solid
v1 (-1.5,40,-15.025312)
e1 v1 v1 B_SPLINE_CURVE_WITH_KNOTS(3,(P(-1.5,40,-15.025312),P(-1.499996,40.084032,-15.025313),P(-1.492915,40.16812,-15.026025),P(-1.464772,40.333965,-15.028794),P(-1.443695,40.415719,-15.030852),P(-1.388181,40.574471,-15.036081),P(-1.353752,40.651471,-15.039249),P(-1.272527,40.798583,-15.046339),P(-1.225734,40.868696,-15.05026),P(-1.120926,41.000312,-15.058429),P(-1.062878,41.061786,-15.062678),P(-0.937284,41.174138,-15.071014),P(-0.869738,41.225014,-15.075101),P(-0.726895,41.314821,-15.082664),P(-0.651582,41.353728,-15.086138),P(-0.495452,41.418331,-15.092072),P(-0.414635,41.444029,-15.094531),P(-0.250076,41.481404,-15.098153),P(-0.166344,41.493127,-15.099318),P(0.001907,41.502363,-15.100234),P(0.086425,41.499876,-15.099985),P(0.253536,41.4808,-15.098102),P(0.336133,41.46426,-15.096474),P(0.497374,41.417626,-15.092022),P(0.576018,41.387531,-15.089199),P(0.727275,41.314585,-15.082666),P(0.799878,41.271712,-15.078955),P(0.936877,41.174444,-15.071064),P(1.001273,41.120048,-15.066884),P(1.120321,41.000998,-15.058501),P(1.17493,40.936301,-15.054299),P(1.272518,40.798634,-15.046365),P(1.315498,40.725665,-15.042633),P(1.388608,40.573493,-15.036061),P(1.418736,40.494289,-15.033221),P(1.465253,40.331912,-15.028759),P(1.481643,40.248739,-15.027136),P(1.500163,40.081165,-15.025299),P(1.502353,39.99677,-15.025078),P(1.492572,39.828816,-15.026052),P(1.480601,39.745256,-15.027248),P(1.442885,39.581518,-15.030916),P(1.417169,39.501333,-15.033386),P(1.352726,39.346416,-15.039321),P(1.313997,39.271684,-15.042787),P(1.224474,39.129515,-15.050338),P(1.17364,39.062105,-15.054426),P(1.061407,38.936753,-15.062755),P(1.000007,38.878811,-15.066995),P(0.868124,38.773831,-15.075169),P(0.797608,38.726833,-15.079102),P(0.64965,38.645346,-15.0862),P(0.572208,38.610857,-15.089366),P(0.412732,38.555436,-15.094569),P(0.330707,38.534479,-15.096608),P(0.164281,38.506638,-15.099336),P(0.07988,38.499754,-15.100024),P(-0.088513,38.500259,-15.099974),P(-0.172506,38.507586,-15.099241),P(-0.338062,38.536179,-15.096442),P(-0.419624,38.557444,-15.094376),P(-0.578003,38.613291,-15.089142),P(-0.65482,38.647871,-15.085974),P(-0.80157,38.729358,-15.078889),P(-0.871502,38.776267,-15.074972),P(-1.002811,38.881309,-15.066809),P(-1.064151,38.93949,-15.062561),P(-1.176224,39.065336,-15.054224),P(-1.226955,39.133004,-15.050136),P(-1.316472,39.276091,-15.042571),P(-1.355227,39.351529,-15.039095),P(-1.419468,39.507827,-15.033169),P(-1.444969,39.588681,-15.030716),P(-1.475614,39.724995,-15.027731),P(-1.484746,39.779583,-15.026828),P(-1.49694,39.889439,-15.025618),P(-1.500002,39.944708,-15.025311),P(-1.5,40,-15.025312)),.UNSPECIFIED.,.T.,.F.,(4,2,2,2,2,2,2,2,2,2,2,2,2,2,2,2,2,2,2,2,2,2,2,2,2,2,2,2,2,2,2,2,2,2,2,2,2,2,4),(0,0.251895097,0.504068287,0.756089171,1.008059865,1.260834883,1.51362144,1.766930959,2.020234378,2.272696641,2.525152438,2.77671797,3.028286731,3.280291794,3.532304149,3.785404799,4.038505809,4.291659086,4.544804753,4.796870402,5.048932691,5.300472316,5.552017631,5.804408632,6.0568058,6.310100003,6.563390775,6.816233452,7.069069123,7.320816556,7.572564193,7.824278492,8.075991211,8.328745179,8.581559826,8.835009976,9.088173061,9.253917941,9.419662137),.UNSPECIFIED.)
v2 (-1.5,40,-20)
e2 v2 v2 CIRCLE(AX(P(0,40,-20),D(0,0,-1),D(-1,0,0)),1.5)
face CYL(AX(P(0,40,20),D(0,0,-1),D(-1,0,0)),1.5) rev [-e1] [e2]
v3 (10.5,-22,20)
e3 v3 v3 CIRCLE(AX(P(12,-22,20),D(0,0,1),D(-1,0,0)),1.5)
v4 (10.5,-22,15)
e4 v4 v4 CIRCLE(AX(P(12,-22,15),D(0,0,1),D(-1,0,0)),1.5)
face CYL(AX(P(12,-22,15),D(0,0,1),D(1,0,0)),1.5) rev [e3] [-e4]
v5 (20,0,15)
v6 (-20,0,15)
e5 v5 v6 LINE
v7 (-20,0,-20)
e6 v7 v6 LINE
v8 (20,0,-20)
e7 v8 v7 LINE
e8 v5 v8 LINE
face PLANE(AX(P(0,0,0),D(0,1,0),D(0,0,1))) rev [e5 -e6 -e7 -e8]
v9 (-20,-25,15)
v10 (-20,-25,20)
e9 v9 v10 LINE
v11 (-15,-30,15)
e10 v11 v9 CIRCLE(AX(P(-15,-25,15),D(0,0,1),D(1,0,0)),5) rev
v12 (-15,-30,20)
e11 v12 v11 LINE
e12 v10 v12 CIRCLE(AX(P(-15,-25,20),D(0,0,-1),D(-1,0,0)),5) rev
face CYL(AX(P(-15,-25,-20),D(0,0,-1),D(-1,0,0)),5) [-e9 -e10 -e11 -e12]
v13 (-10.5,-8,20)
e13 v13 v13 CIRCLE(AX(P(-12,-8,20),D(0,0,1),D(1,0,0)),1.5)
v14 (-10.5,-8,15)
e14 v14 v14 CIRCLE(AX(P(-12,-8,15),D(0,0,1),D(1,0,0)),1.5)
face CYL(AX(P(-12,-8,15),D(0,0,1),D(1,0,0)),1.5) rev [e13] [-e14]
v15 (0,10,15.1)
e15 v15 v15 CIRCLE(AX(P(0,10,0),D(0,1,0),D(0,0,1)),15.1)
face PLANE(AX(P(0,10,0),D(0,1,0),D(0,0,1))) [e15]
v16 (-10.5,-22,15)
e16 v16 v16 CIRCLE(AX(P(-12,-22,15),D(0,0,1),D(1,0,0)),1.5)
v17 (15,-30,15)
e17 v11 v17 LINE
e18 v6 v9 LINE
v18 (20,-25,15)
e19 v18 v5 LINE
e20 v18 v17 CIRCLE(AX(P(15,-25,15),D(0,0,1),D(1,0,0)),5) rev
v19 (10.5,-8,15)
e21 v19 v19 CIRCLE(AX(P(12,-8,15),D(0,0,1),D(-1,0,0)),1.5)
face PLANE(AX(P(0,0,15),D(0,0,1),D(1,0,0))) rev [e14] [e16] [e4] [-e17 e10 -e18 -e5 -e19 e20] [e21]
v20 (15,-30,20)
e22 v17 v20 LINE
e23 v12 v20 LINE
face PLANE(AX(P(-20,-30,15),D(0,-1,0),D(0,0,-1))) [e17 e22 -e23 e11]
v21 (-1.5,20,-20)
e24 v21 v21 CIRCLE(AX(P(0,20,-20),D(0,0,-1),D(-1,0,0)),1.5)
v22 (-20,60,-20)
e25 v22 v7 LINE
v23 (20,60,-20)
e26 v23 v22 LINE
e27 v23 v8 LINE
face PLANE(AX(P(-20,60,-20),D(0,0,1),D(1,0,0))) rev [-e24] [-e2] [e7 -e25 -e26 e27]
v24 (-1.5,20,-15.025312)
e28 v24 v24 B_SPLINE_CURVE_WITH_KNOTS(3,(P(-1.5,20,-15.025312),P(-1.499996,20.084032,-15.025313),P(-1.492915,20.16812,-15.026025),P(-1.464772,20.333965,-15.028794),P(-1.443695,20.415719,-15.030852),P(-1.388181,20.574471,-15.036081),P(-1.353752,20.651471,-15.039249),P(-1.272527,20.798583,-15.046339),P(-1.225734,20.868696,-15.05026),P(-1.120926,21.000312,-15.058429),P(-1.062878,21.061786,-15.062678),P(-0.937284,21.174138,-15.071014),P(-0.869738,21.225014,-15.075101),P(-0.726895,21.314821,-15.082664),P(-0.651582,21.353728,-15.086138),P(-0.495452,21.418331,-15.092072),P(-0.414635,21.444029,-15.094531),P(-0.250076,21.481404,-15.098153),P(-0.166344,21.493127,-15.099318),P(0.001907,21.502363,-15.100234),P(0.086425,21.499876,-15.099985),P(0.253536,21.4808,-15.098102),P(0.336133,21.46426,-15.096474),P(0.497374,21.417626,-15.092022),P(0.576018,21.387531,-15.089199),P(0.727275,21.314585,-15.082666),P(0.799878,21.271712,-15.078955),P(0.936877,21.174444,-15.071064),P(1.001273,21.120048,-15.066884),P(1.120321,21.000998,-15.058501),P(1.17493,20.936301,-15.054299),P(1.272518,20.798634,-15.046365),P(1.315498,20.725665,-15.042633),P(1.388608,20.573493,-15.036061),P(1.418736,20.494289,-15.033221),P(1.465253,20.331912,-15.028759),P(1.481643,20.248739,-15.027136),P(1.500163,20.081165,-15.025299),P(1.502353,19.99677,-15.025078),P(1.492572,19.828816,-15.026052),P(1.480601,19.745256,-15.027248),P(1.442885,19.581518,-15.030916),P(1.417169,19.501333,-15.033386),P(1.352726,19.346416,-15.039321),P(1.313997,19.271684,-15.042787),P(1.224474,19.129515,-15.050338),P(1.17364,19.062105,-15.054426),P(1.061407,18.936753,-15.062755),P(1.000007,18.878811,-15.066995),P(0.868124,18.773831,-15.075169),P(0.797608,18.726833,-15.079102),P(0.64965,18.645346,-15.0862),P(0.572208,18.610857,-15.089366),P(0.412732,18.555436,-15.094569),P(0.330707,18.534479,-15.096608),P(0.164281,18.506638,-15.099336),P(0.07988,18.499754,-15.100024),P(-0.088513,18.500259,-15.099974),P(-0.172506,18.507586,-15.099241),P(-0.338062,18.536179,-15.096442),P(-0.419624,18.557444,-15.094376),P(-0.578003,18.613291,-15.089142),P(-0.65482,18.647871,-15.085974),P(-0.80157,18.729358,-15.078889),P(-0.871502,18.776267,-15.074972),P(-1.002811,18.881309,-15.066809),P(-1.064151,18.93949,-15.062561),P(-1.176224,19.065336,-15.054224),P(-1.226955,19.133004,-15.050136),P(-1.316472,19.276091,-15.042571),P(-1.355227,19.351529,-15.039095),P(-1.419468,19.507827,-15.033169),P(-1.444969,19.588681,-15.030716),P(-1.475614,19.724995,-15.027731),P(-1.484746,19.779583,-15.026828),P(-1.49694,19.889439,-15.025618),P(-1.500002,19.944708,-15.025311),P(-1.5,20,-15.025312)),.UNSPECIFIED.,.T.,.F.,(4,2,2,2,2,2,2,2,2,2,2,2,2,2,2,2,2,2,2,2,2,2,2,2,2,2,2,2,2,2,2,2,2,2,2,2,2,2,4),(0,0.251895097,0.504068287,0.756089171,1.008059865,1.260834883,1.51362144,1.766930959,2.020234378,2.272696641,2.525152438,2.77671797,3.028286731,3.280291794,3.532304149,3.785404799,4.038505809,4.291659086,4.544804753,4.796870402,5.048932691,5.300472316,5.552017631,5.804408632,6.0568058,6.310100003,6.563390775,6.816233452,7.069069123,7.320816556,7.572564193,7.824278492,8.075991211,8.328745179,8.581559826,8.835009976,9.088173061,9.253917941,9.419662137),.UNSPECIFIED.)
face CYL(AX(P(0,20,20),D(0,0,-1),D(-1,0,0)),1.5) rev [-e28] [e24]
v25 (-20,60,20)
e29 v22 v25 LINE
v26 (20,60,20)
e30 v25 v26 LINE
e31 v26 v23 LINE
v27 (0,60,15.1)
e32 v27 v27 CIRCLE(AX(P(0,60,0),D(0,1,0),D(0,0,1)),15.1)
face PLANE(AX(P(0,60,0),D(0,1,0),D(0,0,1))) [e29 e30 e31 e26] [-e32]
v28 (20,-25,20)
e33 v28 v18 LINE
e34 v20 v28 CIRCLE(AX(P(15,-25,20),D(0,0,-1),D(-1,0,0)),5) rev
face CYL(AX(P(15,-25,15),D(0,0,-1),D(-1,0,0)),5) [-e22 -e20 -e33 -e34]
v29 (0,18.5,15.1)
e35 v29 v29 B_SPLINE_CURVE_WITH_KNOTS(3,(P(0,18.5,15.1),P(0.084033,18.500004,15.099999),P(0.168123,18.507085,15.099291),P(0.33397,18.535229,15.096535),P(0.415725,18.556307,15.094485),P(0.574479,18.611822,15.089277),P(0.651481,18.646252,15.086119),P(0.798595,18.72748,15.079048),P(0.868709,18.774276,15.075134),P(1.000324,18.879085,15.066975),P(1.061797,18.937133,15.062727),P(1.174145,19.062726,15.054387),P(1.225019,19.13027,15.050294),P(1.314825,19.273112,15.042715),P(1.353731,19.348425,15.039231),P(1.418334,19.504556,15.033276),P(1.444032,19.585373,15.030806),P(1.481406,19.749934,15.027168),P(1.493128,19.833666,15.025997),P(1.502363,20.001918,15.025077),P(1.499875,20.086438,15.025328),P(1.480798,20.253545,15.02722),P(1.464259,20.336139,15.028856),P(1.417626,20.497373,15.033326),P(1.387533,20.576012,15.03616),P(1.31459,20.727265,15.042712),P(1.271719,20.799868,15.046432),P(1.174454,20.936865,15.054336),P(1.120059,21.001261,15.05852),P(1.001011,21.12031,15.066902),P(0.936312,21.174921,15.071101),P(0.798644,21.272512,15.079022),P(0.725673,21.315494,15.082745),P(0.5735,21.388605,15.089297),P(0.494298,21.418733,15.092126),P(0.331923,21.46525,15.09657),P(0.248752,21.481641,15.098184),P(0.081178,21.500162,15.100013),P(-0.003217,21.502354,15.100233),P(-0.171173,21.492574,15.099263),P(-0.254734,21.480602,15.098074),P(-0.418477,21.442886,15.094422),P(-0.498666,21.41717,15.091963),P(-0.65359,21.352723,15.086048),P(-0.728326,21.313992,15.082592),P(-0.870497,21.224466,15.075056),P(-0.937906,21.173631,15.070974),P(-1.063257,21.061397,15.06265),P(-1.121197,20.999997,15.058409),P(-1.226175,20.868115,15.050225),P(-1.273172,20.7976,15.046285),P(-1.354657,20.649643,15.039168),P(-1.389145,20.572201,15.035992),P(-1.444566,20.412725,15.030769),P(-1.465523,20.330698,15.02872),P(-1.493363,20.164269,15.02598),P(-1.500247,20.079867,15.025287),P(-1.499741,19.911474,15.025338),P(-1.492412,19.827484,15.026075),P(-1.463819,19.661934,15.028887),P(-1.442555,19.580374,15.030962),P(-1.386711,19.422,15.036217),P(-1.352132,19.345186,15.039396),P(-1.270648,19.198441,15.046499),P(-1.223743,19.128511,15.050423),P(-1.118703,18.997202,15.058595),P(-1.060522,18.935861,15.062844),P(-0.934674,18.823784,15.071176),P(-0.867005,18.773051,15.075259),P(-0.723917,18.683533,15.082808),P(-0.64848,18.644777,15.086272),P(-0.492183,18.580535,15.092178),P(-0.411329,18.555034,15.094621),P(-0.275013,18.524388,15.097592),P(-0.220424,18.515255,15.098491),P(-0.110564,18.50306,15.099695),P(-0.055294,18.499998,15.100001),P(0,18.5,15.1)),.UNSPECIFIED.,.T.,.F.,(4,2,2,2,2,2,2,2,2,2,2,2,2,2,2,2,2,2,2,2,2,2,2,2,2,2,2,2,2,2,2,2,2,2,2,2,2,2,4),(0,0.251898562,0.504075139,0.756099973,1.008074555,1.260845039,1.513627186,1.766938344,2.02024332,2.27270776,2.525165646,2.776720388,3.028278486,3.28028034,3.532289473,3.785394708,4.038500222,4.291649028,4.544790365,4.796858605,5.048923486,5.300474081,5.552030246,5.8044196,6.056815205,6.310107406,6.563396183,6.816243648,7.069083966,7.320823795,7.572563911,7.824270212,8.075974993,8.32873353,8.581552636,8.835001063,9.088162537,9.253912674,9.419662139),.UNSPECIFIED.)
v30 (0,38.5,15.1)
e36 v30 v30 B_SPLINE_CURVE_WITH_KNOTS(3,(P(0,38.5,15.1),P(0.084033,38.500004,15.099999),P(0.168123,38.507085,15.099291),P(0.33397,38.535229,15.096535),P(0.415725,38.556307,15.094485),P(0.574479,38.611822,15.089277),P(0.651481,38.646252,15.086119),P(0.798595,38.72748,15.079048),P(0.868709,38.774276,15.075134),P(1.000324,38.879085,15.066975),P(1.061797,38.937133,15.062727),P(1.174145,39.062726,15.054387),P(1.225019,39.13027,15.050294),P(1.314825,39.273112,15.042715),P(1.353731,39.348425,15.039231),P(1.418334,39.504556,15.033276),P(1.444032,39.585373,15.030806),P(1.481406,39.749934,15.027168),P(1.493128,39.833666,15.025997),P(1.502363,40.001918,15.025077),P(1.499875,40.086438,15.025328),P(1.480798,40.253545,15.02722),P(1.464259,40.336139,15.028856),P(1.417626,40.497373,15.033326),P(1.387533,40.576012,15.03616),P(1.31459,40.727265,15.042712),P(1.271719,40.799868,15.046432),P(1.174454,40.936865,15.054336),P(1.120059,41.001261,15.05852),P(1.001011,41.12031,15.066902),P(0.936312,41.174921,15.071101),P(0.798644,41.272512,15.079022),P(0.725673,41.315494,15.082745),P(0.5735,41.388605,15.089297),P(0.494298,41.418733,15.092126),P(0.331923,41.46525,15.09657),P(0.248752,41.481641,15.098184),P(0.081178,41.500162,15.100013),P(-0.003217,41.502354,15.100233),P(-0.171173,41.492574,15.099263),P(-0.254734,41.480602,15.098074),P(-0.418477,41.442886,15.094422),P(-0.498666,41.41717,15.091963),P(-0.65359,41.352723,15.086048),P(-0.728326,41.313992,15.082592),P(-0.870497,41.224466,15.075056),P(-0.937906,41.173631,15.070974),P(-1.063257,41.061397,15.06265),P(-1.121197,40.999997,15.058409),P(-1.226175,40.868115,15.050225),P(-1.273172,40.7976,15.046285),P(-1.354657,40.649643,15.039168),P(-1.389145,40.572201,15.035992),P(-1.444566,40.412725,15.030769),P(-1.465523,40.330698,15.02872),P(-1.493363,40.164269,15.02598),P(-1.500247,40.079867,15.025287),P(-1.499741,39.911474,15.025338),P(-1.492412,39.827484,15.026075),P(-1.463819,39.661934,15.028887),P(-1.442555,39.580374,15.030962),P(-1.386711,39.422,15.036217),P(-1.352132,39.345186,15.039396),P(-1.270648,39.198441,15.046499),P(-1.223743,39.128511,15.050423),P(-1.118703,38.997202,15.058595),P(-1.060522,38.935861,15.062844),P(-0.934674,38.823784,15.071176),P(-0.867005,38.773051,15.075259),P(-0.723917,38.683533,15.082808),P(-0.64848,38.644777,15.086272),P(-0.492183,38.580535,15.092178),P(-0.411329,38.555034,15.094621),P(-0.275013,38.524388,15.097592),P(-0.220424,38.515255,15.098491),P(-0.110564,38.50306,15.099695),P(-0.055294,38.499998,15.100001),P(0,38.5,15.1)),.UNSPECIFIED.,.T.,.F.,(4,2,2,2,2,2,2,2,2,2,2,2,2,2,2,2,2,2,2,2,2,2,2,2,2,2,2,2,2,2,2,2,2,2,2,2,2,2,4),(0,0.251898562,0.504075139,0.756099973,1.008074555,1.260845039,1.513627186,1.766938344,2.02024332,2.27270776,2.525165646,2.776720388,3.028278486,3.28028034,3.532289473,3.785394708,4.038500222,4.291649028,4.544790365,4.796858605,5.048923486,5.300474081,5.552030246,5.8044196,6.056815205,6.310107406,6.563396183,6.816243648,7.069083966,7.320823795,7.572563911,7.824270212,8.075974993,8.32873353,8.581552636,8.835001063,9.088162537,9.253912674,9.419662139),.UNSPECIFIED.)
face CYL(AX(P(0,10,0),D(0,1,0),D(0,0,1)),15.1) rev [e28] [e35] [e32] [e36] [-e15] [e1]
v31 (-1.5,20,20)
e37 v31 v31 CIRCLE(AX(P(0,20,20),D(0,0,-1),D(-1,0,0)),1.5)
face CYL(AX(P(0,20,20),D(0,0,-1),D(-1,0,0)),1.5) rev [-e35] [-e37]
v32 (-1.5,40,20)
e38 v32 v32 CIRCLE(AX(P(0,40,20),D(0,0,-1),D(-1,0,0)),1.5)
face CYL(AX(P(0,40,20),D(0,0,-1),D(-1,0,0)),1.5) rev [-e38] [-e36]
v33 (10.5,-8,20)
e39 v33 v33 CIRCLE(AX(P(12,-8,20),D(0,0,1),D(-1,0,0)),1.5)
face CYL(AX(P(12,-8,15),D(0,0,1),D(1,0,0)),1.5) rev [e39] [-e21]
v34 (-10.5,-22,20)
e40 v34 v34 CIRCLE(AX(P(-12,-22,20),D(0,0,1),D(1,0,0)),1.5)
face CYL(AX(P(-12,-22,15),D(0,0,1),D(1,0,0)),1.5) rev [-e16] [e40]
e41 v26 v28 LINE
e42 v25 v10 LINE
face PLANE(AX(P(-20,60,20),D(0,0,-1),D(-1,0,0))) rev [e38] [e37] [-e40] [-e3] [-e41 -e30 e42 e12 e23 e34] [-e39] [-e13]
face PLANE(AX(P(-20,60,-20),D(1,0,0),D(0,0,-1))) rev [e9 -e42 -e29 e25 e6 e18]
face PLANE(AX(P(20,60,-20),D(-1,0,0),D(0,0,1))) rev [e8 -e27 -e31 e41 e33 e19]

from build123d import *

# Parameters (mm, degrees)
SKETCH_1_W             = 40
SKETCH_1_H             = 40
EXTRUDE_1_DEPTH        = 60
SKETCH_2_R             = 15.1
CUT_EXTRUDE_1_DEPTH    = 50
SKETCH_3_W             = 40
SKETCH_3_H             = 30
SKETCH_3_R             = 1.5
EXTRUDE_2_DEPTH        = 5
FILLET_1_R             = 5
SKETCH_4_R             = 1.5
CUT_EXTRUDE_2_DEPTH    = 75.833147735
PATTERN_LINEAR_1_COUNT = 2
PATTERN_LINEAR_1_PITCH = 20


with BuildPart() as part:
    # 草圖1 → 填料-伸長1 (new body)
    with BuildSketch(Plane(origin=(0, 0, 0), x_dir=(1, 0, 0), z_dir=(0, 1, 0))):
        Rectangle(SKETCH_1_W, SKETCH_1_H)
    extrude(amount=EXTRUDE_1_DEPTH)

    # 草圖2 → 除料-伸長1 (cut)
    with BuildSketch(Plane(origin=(0, 60, 0), x_dir=(1, 0, 0), z_dir=(0, 1, 0))):
        with Locations(Location((0, 0, 0), (0, 0, 270))):
            Circle(SKETCH_2_R)
    extrude(amount=-CUT_EXTRUDE_1_DEPTH, mode=Mode.SUBTRACT)

    # 草圖3 → 填料-伸長2 (add)
    with BuildSketch(Plane.XY.offset(20)):
        with Locations((0, -15)):
            Rectangle(SKETCH_3_W, SKETCH_3_H)
        with Locations((-12, -8)):
            Circle(SKETCH_3_R, mode=Mode.SUBTRACT)
        with Locations((-12, -22)):
            Circle(SKETCH_3_R, mode=Mode.SUBTRACT)
        with Locations(Location((12, -22, 0), (0, 0, 180))):
            Circle(SKETCH_3_R, mode=Mode.SUBTRACT)
        with Locations(Location((12, -8, 0), (0, 0, 180))):
            Circle(SKETCH_3_R, mode=Mode.SUBTRACT)
    extrude(amount=-EXTRUDE_2_DEPTH)

    # 圓角1
    fillet_1_edges = [part.edges().sort_by_distance(p)[0] for p in [
        (-20, -30, 17.5),
        (20, -30, 17.5),
    ]]
    fillet(fillet_1_edges, radius=FILLET_1_R)

    # 草圖4 → 除料-伸長2 (cut, through all)
    with BuildSketch(Plane(origin=(0, 0, -20), x_dir=(-1, 0, 0), z_dir=(0, 0, -1))):
        with Locations((0, 20)):
            Circle(SKETCH_4_R)
    cut_extrude_2 = extrude(amount=-CUT_EXTRUDE_2_DEPTH, mode=Mode.SUBTRACT)

    # 直線複製排列1: 除料-伸長2 ×2
    with Locations(*[(0, i * PATTERN_LINEAR_1_PITCH, 0) for i in range(1, PATTERN_LINEAR_1_COUNT)]):
        add(cut_extrude_2, mode=Mode.SUBTRACT)


solid = part.part
